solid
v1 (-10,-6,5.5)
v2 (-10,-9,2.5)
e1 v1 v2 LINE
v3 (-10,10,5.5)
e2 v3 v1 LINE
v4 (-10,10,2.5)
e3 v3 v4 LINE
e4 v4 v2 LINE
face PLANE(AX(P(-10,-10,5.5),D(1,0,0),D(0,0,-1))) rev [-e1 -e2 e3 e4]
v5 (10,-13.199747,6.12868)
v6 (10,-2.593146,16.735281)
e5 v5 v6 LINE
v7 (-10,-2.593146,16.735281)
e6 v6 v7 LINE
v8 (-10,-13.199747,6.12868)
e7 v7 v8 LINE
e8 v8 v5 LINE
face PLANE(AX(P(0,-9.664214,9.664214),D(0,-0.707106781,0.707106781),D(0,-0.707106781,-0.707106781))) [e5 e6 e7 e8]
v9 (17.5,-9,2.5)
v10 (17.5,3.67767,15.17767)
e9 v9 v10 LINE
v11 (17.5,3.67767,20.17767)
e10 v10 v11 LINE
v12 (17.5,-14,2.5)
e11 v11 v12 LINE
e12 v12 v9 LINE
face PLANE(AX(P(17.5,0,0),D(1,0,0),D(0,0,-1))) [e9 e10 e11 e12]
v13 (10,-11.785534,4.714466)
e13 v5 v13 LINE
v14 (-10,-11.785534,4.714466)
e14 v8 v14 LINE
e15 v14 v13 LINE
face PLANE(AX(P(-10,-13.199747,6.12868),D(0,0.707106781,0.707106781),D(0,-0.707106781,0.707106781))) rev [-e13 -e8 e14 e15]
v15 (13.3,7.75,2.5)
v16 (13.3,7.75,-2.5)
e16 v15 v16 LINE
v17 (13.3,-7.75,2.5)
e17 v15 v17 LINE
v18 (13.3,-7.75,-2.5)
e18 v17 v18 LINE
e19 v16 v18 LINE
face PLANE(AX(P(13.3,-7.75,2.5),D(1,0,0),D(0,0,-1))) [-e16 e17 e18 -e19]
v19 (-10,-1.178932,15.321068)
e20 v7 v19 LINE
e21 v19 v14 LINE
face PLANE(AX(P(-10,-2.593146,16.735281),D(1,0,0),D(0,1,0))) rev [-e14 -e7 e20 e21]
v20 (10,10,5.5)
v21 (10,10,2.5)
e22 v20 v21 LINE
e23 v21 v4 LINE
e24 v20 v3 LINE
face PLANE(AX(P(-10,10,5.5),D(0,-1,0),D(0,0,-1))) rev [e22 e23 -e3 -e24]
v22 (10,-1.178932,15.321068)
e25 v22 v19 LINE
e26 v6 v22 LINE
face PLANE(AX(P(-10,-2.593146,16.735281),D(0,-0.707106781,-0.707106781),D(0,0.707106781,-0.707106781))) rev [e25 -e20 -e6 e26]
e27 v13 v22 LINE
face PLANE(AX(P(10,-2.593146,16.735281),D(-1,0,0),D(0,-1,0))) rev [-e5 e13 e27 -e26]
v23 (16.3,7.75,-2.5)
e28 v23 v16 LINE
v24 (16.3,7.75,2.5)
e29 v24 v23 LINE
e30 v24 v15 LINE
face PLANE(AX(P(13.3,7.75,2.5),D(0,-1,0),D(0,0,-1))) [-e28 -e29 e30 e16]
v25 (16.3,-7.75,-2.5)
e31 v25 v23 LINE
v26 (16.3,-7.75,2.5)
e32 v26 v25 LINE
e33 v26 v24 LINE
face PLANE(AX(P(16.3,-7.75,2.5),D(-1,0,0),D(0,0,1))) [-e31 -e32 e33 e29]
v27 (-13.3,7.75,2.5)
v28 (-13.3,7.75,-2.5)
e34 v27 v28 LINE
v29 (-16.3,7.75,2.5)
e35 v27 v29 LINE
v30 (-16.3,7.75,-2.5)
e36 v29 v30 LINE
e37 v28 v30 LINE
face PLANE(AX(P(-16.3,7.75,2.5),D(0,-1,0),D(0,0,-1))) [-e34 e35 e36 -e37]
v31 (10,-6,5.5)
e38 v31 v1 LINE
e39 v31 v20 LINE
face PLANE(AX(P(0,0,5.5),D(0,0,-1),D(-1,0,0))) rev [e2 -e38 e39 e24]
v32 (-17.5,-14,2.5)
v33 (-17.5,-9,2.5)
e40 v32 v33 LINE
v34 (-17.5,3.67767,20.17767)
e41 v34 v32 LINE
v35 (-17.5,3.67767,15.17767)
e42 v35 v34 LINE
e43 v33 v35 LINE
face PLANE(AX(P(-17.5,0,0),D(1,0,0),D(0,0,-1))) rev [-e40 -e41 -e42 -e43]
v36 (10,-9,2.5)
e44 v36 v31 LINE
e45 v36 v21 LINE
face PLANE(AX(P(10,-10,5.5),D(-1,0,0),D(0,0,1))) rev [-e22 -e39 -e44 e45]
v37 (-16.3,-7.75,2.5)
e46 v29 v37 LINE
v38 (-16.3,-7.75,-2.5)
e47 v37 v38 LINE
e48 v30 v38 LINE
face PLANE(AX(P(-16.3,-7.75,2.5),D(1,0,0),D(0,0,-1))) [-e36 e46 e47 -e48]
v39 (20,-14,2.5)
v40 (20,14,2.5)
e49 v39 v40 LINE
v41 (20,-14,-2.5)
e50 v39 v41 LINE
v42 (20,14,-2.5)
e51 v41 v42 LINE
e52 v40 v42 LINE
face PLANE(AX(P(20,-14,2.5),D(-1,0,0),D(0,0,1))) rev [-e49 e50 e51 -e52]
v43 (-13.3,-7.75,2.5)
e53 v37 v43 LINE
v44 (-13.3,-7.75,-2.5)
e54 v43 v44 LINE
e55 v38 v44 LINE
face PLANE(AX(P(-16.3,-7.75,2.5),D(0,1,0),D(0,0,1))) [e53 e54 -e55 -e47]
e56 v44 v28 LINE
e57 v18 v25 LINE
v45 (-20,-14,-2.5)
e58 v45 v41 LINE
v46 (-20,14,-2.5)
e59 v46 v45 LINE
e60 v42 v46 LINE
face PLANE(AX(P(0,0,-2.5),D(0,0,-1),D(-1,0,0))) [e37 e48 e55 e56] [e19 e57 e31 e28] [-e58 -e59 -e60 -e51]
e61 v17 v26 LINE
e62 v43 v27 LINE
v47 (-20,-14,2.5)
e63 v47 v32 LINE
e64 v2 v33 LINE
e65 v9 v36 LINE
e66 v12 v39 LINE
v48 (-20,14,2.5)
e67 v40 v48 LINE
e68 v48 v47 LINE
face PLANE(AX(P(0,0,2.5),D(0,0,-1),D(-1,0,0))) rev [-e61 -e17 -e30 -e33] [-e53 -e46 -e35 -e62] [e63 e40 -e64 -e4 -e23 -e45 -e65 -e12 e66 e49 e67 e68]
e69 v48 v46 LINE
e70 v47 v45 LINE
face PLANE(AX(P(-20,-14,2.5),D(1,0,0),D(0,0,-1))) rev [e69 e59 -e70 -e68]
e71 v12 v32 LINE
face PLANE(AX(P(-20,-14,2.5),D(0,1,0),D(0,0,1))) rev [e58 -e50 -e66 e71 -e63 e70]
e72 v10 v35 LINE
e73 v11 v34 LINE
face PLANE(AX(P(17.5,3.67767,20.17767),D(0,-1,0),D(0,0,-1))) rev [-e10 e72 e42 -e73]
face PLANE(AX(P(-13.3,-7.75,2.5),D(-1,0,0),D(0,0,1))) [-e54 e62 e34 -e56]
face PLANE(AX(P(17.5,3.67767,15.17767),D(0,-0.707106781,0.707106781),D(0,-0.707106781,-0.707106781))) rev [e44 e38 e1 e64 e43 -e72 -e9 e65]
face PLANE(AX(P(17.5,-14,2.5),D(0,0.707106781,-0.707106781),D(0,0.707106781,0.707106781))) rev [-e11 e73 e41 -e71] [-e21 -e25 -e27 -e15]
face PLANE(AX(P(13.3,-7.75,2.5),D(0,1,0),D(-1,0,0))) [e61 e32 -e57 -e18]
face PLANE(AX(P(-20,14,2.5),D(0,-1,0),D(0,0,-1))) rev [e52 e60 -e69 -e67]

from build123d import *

# Parameters (mm, degrees)
CROQUIS1_W              = 40
CROQUIS1_H              = 28
CROQUIS1_W_2            = 3
CROQUIS1_H_2            = 15.5
SALIENTE_EXTRUIR1_DEPTH = 2.5
CROQUIS2_W              = 20
CROQUIS2_H              = 20
SALIENTE_EXTRUIR2_DEPTH = 3
SALIENTE_EXTRUIR3_DEPTH = 17.5
CROQUIS4_W              = 20
CROQUIS4_H              = 15
SALIENTE_EXTRUIR4_DEPTH = 2


with BuildPart() as part:
    # Croquis1 → Saliente-Extruir1 (new, symmetric)
    with BuildSketch(Plane.XY):
        Rectangle(CROQUIS1_W, CROQUIS1_H)
        with Locations((14.8, 0)):
            Rectangle(CROQUIS1_W_2, CROQUIS1_H_2, mode=Mode.SUBTRACT)
        with Locations((-14.8, 0)):
            Rectangle(CROQUIS1_W_2, CROQUIS1_H_2, mode=Mode.SUBTRACT)
    extrude(amount=SALIENTE_EXTRUIR1_DEPTH, both=True)

    # Croquis2 → Saliente-Extruir2 (add)
    with BuildSketch(Plane.XY.offset(2.5)):
        Rectangle(CROQUIS2_W, CROQUIS2_H)
    extrude(amount=SALIENTE_EXTRUIR2_DEPTH)

    # Croquis3 → Saliente-Extruir3 (add, symmetric)
    with BuildSketch(Plane(origin=(0, 0, 0), x_dir=(0, 0, -1), z_dir=(1, 0, 0))):
        Polygon((-2.5, -14), (-20.17766953, 3.67766953), (-15.17766953, 3.67766953), (-2.5, -9), align=None)
    extrude(amount=SALIENTE_EXTRUIR3_DEPTH, both=True)

    # Croquis4 → Saliente-Extruir4 (add)
    with BuildSketch(Plane(origin=(0, -8.25, 8.25), x_dir=(1, 0, 0), z_dir=(0, -0.7071067811865441, 0.707106781186551))):
        with Locations((0, 2.5)):
            Rectangle(CROQUIS4_W, CROQUIS4_H)
    extrude(amount=SALIENTE_EXTRUIR4_DEPTH)


solid = part.part
